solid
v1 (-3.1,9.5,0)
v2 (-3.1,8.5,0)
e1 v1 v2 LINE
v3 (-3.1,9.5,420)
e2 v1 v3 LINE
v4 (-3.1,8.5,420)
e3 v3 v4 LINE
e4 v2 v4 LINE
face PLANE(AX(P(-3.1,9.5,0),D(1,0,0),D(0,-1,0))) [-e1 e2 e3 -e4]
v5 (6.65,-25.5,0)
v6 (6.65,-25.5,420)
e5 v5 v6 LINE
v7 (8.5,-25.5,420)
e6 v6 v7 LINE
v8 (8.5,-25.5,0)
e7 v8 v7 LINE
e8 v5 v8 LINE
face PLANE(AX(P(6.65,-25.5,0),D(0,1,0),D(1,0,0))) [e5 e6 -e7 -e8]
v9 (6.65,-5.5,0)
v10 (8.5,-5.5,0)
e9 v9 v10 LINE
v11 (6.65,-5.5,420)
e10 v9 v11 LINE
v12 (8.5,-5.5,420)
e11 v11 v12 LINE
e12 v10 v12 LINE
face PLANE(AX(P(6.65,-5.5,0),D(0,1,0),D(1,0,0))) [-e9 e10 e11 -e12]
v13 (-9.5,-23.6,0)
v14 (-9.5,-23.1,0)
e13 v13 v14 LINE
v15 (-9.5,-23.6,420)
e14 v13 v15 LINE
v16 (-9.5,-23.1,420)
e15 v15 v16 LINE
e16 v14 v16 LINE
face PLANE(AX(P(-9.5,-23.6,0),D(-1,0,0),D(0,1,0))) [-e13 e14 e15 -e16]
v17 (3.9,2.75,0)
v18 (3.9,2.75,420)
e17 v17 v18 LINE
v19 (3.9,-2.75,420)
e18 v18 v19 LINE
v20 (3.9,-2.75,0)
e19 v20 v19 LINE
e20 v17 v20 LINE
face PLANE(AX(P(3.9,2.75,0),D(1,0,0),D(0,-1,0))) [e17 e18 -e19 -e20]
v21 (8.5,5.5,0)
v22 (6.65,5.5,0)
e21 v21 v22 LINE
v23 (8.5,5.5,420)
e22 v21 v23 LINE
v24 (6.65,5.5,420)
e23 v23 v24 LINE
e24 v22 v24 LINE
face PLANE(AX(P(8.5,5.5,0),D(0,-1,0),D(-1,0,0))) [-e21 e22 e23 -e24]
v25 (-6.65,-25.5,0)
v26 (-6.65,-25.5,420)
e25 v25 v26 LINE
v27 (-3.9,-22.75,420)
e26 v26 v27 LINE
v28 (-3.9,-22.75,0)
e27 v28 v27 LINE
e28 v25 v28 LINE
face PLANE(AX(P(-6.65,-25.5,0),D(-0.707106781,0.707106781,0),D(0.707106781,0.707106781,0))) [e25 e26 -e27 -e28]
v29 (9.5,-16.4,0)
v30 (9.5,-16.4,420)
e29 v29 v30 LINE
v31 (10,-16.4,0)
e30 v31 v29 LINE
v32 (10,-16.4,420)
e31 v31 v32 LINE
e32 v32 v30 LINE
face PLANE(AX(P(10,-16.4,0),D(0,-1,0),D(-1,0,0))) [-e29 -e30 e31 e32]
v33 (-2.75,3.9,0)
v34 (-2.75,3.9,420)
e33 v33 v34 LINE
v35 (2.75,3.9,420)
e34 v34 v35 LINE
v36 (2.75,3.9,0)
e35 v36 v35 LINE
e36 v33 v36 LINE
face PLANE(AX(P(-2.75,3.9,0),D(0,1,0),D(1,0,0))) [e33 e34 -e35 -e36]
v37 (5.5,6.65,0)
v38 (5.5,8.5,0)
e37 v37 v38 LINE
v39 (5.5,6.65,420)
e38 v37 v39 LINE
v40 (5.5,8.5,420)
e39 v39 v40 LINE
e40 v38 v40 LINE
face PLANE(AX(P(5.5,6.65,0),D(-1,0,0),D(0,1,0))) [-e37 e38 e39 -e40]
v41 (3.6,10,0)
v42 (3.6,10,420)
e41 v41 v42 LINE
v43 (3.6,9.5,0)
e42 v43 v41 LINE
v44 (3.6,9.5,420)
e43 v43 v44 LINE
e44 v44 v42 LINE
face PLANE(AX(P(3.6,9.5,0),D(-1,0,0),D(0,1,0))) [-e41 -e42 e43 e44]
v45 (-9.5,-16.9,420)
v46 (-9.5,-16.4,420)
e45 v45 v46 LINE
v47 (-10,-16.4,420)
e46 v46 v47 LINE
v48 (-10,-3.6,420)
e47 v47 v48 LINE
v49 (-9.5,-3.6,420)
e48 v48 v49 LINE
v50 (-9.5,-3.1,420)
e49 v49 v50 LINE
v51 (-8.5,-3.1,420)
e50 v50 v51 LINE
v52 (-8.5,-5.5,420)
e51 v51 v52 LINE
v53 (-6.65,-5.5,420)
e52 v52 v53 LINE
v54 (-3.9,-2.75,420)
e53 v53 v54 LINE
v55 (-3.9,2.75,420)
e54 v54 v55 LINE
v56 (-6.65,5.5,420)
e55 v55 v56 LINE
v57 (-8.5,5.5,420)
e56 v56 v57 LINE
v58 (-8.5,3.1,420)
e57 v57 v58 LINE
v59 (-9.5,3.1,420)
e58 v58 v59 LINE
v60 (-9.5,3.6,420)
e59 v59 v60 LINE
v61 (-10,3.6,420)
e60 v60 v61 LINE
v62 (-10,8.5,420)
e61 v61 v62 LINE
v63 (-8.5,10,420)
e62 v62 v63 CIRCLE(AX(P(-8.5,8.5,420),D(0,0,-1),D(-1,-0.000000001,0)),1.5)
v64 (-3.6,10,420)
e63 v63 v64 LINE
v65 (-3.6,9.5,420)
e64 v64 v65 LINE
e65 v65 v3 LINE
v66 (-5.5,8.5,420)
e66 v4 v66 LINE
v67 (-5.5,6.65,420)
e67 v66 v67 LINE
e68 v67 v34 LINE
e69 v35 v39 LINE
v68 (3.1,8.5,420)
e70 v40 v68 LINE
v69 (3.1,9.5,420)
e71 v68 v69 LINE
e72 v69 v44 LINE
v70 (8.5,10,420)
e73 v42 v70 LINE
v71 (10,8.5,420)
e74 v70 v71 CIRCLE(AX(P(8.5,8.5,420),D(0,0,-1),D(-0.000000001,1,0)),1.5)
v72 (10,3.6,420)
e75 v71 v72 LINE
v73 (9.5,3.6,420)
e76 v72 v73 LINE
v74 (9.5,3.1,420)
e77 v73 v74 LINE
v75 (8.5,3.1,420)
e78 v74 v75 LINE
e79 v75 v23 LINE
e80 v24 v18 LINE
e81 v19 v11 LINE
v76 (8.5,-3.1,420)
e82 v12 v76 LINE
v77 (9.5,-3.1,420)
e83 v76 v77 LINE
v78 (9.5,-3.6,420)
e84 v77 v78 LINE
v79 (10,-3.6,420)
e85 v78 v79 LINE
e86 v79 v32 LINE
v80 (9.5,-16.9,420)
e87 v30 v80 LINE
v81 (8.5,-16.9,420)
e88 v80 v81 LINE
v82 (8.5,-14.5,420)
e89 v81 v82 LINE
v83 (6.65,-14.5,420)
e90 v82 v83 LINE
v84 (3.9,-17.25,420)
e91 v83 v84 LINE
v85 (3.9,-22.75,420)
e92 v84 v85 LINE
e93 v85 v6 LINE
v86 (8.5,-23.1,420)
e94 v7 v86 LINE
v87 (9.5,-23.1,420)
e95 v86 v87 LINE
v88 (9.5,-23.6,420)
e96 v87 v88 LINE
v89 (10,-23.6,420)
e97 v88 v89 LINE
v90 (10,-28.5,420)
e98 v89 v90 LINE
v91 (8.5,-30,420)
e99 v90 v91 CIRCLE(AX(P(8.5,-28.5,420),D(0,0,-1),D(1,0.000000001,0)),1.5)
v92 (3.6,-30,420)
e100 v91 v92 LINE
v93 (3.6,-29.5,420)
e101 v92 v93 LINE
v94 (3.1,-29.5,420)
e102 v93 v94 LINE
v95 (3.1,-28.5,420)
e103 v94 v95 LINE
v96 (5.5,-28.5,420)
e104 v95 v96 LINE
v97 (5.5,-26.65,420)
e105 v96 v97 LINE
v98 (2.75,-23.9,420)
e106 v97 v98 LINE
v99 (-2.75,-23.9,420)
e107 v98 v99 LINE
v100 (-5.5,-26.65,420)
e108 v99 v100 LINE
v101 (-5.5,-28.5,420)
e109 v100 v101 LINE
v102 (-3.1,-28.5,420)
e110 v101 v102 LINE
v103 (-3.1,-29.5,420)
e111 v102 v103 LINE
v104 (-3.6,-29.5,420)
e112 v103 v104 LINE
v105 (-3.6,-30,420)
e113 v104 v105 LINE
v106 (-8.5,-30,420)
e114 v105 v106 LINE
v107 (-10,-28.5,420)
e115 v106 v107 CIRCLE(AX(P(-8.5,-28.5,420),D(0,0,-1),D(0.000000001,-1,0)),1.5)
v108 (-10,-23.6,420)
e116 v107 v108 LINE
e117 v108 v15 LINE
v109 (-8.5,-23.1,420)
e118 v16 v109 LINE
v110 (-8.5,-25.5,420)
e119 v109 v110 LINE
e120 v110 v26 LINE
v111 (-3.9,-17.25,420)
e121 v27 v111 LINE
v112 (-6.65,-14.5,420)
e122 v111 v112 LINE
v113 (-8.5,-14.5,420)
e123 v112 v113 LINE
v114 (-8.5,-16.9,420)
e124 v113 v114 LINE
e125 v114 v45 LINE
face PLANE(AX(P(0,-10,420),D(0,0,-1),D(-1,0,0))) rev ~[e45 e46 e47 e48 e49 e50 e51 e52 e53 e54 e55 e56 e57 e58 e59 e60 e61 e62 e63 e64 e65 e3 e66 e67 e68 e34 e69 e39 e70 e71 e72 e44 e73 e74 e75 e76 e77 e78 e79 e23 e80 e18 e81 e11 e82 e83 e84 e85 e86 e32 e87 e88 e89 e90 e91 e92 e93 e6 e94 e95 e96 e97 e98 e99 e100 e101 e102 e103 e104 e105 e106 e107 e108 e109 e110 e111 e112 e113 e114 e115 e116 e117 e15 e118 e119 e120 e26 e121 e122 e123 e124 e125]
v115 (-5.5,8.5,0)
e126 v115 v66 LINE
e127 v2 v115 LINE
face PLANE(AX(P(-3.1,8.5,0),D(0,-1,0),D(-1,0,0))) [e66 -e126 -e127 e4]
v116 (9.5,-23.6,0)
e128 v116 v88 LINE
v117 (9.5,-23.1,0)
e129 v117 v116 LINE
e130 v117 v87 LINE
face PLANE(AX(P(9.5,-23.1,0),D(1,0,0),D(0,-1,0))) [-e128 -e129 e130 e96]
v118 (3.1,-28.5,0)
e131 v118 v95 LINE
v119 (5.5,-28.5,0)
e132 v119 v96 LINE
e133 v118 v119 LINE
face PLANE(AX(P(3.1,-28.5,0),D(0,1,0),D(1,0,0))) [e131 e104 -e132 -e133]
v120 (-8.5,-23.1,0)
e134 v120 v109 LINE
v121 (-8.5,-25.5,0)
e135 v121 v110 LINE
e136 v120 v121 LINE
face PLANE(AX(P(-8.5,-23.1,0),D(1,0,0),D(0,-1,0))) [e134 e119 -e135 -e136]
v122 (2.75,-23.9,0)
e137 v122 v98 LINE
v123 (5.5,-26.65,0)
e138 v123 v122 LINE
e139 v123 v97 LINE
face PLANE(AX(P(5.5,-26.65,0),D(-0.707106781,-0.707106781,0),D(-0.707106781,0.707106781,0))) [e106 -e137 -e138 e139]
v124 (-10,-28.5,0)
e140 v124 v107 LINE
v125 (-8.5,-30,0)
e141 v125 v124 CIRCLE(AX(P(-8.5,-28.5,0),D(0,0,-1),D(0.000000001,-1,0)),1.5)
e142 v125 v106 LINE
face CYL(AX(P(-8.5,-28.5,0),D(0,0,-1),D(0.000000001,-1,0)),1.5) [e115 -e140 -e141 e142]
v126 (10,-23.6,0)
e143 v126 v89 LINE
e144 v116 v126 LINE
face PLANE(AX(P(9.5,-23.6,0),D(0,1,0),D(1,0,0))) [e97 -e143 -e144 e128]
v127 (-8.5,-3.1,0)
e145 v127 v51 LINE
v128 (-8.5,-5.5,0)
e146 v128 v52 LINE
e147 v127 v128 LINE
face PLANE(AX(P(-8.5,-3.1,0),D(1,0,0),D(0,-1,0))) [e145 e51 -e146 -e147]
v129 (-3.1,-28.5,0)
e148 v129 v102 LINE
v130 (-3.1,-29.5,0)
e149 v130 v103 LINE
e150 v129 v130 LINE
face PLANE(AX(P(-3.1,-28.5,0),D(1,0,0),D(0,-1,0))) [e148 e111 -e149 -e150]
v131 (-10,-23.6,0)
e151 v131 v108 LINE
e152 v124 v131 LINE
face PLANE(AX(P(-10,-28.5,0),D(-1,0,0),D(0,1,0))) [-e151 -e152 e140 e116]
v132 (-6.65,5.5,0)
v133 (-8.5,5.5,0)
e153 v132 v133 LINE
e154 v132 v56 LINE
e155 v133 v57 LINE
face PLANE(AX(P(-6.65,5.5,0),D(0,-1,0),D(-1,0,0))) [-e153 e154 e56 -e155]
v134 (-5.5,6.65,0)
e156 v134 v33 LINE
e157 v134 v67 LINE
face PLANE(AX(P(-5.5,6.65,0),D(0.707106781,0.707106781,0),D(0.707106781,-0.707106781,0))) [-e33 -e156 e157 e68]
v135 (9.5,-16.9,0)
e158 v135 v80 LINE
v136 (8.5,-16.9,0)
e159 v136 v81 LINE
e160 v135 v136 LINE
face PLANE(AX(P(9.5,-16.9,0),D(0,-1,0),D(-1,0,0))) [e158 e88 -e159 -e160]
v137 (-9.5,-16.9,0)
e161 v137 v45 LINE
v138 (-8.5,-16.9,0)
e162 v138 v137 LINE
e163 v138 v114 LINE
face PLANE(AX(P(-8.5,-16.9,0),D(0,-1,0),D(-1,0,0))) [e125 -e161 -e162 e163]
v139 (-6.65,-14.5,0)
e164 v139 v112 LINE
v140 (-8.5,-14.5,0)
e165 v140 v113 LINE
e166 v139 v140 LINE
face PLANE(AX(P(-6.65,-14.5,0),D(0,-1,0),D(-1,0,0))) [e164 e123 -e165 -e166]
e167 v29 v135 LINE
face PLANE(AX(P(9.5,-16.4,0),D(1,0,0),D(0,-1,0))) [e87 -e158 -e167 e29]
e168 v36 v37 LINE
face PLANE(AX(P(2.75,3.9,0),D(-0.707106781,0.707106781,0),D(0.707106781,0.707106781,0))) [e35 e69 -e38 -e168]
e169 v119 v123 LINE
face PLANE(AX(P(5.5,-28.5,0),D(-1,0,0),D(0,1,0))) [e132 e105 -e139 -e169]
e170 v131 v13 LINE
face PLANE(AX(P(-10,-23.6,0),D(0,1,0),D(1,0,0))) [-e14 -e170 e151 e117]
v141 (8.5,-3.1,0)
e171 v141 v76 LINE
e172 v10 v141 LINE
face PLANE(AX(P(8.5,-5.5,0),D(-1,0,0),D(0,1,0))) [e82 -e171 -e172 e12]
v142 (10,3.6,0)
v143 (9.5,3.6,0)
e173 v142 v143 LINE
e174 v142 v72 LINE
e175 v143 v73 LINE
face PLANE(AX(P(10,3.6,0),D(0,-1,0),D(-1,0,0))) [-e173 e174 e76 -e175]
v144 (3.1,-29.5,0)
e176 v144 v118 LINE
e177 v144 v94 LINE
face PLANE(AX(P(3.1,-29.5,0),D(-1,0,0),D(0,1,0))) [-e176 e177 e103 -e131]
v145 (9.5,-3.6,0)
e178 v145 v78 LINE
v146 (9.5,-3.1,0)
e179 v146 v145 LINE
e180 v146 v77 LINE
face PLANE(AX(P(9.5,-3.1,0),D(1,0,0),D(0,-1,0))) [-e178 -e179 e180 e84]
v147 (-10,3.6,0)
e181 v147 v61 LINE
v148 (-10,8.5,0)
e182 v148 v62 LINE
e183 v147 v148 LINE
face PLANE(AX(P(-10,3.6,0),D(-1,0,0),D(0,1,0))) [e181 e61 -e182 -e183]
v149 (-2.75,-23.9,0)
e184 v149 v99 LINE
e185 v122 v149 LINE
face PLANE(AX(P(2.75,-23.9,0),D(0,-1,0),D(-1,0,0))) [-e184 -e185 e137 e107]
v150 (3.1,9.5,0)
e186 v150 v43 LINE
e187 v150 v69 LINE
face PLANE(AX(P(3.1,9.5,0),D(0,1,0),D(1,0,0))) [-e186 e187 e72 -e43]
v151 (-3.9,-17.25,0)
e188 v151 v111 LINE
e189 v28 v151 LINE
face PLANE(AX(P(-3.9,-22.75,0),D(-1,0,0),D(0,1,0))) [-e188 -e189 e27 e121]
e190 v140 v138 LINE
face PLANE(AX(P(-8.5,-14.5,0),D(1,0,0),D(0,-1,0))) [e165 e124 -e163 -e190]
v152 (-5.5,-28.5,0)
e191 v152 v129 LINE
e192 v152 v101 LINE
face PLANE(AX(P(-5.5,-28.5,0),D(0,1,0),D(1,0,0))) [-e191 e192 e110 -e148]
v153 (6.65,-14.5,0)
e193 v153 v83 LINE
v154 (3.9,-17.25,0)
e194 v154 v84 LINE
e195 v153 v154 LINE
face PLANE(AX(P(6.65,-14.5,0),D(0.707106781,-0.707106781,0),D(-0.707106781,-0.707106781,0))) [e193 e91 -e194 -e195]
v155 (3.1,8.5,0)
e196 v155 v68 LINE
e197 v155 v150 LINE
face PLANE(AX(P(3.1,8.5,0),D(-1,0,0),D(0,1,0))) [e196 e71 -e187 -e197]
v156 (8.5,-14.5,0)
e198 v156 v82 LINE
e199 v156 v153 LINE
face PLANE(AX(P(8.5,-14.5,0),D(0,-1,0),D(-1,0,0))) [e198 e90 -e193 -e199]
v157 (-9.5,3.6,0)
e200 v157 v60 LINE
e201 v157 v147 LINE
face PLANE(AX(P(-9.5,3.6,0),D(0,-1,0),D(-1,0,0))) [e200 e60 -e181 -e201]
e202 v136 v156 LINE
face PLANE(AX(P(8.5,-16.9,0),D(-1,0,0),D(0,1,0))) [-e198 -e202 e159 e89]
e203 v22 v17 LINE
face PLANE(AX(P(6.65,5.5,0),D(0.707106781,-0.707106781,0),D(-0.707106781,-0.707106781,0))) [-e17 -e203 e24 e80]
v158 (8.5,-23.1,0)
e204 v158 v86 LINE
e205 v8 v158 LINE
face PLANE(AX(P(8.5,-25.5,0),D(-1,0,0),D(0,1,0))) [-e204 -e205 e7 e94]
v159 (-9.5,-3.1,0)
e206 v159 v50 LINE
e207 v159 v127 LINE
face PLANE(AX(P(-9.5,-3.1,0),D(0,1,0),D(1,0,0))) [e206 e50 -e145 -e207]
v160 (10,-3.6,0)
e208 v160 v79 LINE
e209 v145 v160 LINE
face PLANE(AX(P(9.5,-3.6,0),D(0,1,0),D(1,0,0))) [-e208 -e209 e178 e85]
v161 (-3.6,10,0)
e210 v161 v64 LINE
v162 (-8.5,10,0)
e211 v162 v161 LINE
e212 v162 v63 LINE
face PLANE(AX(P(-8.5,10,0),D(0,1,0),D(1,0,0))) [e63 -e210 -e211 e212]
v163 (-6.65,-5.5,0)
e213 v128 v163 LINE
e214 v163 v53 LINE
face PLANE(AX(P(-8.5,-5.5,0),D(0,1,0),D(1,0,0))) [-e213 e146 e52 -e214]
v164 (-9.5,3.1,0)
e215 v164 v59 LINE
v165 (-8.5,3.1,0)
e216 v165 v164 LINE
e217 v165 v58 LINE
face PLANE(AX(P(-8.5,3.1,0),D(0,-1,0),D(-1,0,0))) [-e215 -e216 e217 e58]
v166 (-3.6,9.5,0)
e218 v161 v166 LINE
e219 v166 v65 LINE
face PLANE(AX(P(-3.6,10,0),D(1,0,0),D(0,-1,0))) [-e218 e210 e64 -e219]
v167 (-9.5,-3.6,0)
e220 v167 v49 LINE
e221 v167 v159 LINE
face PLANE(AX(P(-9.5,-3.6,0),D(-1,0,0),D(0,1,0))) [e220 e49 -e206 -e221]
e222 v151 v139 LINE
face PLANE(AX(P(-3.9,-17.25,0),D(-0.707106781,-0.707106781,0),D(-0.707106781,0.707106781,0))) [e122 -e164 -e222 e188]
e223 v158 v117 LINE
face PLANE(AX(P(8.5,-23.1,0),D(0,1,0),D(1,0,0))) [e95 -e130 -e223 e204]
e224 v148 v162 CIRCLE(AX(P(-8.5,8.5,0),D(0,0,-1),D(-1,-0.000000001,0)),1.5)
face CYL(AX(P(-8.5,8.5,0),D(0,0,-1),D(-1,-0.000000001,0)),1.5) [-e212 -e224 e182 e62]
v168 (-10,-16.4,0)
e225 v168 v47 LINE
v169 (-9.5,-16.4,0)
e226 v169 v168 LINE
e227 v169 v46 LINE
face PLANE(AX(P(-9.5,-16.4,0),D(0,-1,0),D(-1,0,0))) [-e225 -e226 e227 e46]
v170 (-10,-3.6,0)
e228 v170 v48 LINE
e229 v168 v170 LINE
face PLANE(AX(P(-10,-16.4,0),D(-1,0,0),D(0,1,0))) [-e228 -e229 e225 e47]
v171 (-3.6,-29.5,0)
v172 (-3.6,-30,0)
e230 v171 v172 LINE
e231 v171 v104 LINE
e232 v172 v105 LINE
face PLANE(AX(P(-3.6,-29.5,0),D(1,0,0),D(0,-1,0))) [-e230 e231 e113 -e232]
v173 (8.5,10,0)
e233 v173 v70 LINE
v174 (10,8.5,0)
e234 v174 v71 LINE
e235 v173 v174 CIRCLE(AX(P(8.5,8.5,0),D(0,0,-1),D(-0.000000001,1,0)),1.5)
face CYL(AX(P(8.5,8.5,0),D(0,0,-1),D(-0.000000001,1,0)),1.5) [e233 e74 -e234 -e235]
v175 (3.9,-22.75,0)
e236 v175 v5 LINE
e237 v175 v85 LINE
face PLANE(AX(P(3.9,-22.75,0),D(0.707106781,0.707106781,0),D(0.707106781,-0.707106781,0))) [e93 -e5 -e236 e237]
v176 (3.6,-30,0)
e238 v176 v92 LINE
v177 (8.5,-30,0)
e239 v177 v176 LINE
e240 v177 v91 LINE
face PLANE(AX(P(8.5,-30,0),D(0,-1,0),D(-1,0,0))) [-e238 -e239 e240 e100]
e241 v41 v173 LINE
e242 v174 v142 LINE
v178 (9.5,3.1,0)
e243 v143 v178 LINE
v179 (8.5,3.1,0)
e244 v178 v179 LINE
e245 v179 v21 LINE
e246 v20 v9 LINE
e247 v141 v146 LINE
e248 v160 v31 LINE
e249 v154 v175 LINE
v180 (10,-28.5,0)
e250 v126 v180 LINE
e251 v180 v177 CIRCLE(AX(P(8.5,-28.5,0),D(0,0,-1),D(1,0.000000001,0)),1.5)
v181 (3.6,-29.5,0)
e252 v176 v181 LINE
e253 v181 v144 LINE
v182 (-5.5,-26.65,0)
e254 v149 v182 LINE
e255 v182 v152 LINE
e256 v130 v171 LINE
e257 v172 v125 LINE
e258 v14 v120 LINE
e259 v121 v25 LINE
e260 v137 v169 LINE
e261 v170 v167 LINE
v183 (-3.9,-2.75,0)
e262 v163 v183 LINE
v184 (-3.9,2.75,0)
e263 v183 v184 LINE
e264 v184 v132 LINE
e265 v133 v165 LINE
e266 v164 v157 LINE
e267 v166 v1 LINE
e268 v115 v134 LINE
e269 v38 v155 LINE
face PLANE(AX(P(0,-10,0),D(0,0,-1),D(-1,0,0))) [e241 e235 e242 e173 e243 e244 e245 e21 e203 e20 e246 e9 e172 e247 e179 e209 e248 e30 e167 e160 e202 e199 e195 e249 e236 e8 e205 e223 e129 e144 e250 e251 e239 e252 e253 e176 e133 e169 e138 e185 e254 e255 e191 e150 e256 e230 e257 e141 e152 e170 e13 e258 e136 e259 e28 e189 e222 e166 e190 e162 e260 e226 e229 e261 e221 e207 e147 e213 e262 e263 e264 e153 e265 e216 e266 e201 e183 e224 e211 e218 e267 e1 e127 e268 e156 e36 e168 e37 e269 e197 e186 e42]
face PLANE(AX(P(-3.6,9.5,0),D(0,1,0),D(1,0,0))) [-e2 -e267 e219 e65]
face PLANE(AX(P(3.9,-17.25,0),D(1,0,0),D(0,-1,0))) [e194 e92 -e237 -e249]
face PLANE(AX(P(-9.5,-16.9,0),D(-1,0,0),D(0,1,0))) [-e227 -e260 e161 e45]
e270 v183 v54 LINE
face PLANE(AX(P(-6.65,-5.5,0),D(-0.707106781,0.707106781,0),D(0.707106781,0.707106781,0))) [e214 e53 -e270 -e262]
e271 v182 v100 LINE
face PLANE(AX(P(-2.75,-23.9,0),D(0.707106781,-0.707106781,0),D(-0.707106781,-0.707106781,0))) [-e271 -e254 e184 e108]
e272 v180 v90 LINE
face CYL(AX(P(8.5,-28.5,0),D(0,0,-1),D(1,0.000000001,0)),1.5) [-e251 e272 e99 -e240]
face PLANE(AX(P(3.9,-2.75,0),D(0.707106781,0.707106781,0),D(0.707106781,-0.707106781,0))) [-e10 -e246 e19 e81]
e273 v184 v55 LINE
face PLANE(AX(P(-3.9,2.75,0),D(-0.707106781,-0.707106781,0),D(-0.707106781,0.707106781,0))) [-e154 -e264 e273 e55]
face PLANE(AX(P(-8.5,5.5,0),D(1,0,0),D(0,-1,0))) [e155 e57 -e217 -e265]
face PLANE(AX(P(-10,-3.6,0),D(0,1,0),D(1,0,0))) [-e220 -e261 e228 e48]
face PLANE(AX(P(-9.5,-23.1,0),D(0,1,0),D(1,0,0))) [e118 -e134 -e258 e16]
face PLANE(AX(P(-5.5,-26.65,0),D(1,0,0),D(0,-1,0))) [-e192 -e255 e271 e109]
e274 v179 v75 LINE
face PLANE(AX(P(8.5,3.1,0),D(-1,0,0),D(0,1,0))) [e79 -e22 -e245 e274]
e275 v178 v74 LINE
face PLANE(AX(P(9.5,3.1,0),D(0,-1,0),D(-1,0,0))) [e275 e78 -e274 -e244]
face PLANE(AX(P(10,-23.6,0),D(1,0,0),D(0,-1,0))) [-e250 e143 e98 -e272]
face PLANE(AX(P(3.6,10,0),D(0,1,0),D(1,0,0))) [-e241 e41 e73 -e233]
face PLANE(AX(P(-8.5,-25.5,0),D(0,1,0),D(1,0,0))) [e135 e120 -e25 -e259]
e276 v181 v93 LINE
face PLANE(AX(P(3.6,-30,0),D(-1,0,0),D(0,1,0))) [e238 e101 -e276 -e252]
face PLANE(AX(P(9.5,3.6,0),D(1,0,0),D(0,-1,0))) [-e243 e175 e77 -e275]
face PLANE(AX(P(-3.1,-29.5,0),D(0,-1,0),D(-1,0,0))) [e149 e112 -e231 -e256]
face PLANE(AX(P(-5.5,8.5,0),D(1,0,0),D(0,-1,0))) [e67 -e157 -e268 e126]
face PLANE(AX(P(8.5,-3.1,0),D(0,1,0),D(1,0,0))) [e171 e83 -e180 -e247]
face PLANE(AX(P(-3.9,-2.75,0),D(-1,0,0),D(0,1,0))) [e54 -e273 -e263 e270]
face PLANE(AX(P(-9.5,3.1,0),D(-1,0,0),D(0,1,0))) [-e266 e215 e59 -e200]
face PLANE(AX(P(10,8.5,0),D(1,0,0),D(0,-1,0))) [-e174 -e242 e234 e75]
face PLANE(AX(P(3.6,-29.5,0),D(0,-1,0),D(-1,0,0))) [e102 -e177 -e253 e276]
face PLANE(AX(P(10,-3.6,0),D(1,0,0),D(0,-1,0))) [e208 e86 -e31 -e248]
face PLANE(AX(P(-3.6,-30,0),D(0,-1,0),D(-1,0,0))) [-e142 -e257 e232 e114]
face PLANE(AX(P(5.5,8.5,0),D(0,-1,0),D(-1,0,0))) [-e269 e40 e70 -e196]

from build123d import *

# Parameters (mm, degrees)
EXTRUDE_1_DEPTH = 420


with BuildPart() as part:
    # Sketch1 → 凸台-拉伸1 (new body)
    with BuildSketch(Plane.XY):
        with BuildLine():
            Line((-3.6, 10), (-3.6, 9.5))
            Line((-3.6, 9.5), (-3.1, 9.5))
            Line((-3.1, 9.5), (-3.1, 8.5))
            Line((-3.1, 8.5), (-5.5, 8.5))
            Line((-5.5, 8.5), (-5.5, 6.65))
            Line((-5.5, 6.65), (-2.75, 3.9))
            Line((-2.75, 3.9), (2.75, 3.9))
            Line((2.75, 3.9), (5.5, 6.65))
            Line((5.5, 6.65), (5.5, 8.5))
            Line((5.5, 8.5), (3.1, 8.5))
            Line((3.1, 8.5), (3.1, 9.5))
            Line((3.1, 9.5), (3.6, 9.5))
            Line((3.6, 9.5), (3.6, 10))
            Line((3.6, 10), (8.5, 10))
            ThreePointArc((8.5, 10), (9.560660172, 9.560660172), (10, 8.5))
            Line((10, 8.5), (10, 3.6))
            Line((10, 3.6), (9.5, 3.6))
            Line((9.5, 3.6), (9.5, 3.1))
            Line((9.5, 3.1), (8.5, 3.1))
            Line((8.5, 3.1), (8.5, 5.5))
            Line((8.5, 5.5), (6.65, 5.5))
            Line((6.65, 5.5), (3.9, 2.75))
            Line((3.9, 2.75), (3.9, -2.75))
            Line((3.9, -2.75), (6.65, -5.5))
            Line((6.65, -5.5), (8.5, -5.5))
            Line((8.5, -5.5), (8.5, -3.1))
            Line((8.5, -3.1), (9.5, -3.1))
            Line((9.5, -3.1), (9.5, -3.6))
            Line((9.5, -3.6), (10, -3.6))
            Line((10, -3.6), (10, -16.4))
            Line((10, -16.4), (9.5, -16.4))
            Line((9.5, -16.4), (9.5, -16.9))
            Line((9.5, -16.9), (8.5, -16.9))
            Line((8.5, -16.9), (8.5, -14.5))
            Line((8.5, -14.5), (6.65, -14.5))
            Line((6.65, -14.5), (3.9, -17.25))
            Line((3.9, -17.25), (3.9, -22.75))
            Line((3.9, -22.75), (6.65, -25.5))
            Line((6.65, -25.5), (8.5, -25.5))
            Line((8.5, -25.5), (8.5, -23.1))
            Line((8.5, -23.1), (9.5, -23.1))
            Line((9.5, -23.1), (9.5, -23.6))
            Line((9.5, -23.6), (10, -23.6))
            Line((10, -23.6), (10, -28.5))
            ThreePointArc((10, -28.5), (9.560660172, -29.560660172), (8.5, -30))
            Line((8.5, -30), (3.6, -30))
            Line((3.6, -30), (3.6, -29.5))
            Line((3.6, -29.5), (3.1, -29.5))
            Line((3.1, -29.5), (3.1, -28.5))
            Line((3.1, -28.5), (5.5, -28.5))
            Line((5.5, -28.5), (5.5, -26.65))
            Line((5.5, -26.65), (2.75, -23.9))
            Line((2.75, -23.9), (-2.75, -23.9))
            Line((-2.75, -23.9), (-5.5, -26.65))
            Line((-5.5, -26.65), (-5.5, -28.5))
            Line((-5.5, -28.5), (-3.1, -28.5))
            Line((-3.1, -28.5), (-3.1, -29.5))
            Line((-3.1, -29.5), (-3.6, -29.5))
            Line((-3.6, -29.5), (-3.6, -30))
            Line((-3.6, -30), (-8.5, -30))
            ThreePointArc((-8.5, -30), (-9.560660172, -29.560660172), (-10, -28.5))
            Line((-10, -28.5), (-10, -23.6))
            Line((-10, -23.6), (-9.5, -23.6))
            Line((-9.5, -23.6), (-9.5, -23.1))
            Line((-9.5, -23.1), (-8.5, -23.1))
            Line((-8.5, -23.1), (-8.5, -25.5))
            Line((-8.5, -25.5), (-6.65, -25.5))
            Line((-6.65, -25.5), (-3.9, -22.75))
            Line((-3.9, -22.75), (-3.9, -17.25))
            Line((-3.9, -17.25), (-6.65, -14.5))
            Line((-6.65, -14.5), (-8.5, -14.5))
            Line((-8.5, -14.5), (-8.5, -16.9))
            Line((-8.5, -16.9), (-9.5, -16.9))
            Line((-9.5, -16.9), (-9.5, -16.4))
            Line((-9.5, -16.4), (-10, -16.4))
            Line((-10, -16.4), (-10, -3.6))
            Line((-10, -3.6), (-9.5, -3.6))
            Line((-9.5, -3.6), (-9.5, -3.1))
            Line((-9.5, -3.1), (-8.5, -3.1))
            Line((-8.5, -3.1), (-8.5, -5.5))
            Line((-8.5, -5.5), (-6.65, -5.5))
            Line((-6.65, -5.5), (-3.9, -2.75))
            Line((-3.9, -2.75), (-3.9, 2.75))
            Line((-3.9, 2.75), (-6.65, 5.5))
            Line((-6.65, 5.5), (-8.5, 5.5))
            Line((-8.5, 5.5), (-8.5, 3.1))
            Line((-8.5, 3.1), (-9.5, 3.1))
            Line((-9.5, 3.1), (-9.5, 3.6))
            Line((-9.5, 3.6), (-10, 3.6))
            Line((-10, 3.6), (-10, 8.5))
            ThreePointArc((-10, 8.5), (-9.560660172, 9.560660172), (-8.5, 10))
            Line((-8.5, 10), (-3.6, 10))
        make_face()
    extrude(amount=EXTRUDE_1_DEPTH)


solid = part.part
